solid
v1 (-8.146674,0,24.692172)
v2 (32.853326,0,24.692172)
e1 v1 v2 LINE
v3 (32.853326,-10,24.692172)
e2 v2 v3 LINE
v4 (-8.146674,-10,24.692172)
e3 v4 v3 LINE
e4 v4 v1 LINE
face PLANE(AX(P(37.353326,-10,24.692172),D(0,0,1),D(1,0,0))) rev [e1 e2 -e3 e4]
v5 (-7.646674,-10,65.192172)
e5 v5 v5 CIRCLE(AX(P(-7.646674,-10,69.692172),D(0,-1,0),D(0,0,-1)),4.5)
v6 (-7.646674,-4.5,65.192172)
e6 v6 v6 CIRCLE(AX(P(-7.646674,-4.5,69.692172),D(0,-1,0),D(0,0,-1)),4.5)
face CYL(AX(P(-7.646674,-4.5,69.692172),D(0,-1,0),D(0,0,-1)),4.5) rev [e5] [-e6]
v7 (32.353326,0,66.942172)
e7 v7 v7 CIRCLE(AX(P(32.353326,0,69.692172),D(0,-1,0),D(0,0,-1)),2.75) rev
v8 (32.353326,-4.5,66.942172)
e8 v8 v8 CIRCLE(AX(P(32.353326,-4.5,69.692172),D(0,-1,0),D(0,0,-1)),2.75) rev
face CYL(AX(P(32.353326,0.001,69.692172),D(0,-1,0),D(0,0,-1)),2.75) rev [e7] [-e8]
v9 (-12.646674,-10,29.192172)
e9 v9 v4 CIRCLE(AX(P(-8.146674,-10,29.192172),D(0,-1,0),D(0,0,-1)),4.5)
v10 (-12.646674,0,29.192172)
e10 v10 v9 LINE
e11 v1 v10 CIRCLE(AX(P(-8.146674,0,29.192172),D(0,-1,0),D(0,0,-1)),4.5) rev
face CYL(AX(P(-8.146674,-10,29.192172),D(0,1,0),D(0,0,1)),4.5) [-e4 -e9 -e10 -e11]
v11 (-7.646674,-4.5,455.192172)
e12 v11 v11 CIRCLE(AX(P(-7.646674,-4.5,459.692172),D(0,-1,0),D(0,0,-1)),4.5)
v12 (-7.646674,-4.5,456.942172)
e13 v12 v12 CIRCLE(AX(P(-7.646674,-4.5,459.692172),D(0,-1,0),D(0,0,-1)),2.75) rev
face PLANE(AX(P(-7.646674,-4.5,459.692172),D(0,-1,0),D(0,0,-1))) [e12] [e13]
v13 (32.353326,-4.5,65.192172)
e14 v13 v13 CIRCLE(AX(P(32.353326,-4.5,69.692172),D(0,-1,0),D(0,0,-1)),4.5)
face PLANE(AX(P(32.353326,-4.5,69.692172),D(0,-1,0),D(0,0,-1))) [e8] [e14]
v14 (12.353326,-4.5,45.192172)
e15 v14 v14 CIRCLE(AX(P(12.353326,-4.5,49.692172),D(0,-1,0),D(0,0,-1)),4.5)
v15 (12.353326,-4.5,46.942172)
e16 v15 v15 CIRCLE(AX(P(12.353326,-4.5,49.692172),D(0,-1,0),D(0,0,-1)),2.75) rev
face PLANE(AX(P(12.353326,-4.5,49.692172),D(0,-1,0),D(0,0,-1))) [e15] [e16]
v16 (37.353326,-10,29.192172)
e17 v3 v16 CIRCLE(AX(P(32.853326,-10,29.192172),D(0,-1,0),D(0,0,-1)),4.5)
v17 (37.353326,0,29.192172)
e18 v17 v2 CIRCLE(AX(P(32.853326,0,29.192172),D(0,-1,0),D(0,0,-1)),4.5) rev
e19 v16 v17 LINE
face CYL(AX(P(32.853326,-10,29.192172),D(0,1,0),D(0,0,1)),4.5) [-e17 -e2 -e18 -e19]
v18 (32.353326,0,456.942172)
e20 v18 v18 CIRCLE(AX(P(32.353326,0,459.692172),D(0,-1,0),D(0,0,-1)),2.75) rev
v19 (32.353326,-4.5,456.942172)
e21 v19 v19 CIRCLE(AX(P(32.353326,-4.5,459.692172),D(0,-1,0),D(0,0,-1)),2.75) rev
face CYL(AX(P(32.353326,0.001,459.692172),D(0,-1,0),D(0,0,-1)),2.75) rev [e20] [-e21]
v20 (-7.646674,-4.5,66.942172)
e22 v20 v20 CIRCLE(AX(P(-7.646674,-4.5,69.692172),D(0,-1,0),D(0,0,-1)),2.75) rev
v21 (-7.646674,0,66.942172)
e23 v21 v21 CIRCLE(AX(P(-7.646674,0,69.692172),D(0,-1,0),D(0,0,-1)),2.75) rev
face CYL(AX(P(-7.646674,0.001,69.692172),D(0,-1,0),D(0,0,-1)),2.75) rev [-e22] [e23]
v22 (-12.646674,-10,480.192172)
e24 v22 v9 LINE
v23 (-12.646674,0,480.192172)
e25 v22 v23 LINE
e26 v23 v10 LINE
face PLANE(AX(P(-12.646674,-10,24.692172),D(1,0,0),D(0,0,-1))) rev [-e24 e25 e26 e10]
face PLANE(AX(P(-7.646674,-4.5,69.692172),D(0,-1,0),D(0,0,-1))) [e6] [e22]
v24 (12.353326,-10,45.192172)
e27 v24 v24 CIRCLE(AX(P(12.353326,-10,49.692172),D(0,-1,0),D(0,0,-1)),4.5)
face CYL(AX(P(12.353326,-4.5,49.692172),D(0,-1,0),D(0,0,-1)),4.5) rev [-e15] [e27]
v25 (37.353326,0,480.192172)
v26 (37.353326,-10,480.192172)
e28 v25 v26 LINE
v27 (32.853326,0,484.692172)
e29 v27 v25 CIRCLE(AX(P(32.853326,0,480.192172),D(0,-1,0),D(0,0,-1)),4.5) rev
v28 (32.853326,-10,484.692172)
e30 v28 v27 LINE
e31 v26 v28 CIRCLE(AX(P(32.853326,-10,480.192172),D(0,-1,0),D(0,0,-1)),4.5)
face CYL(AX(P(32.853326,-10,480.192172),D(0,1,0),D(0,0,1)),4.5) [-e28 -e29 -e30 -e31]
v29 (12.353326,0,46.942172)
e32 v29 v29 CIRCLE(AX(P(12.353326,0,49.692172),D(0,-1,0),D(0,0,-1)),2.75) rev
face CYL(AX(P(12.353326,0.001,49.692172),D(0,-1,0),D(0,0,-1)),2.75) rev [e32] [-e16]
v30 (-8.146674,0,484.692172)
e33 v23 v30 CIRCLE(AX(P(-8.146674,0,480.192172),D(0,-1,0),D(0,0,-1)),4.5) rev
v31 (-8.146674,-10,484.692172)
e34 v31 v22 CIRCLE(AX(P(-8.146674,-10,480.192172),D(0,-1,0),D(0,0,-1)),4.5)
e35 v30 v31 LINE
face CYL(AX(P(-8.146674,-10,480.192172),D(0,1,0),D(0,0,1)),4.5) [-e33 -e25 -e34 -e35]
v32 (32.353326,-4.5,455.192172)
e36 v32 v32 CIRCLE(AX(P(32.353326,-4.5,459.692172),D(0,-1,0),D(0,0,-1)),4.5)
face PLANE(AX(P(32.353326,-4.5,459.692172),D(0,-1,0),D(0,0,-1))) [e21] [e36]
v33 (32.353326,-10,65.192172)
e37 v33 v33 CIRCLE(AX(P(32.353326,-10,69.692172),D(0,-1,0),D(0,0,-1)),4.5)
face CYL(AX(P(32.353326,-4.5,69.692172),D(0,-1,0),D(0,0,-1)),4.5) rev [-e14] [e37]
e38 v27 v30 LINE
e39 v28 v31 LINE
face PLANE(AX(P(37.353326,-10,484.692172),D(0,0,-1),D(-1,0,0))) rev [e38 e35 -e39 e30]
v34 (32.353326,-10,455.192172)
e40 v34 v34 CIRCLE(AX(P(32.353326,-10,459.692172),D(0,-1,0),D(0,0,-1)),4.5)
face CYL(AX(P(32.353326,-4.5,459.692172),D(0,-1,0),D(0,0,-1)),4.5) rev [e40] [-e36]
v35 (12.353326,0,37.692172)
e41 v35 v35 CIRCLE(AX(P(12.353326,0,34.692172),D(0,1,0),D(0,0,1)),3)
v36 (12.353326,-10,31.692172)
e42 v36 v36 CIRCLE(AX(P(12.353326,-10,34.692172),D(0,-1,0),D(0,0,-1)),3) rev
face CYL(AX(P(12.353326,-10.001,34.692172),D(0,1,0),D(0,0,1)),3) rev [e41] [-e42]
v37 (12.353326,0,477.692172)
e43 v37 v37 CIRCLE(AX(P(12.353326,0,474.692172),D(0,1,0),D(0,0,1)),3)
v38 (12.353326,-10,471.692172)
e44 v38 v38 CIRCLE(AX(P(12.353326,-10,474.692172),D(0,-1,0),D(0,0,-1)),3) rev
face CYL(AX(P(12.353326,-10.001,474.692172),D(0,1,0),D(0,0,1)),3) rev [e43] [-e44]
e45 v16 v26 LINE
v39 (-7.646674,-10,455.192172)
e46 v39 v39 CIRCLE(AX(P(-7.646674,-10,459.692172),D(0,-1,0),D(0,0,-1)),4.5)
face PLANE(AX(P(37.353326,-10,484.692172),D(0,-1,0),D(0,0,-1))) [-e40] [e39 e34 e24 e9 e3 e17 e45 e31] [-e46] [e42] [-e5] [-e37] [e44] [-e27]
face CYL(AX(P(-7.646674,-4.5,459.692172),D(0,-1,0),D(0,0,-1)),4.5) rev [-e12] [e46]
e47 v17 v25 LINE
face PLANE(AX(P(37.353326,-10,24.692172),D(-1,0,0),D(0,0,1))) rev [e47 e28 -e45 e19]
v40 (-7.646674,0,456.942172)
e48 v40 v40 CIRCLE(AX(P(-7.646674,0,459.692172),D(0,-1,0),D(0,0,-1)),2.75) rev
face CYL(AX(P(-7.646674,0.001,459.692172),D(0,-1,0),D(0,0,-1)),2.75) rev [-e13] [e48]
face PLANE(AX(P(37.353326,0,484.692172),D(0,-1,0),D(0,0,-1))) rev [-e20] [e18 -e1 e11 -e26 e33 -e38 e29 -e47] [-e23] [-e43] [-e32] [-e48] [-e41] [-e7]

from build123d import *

# Parameters (mm, degrees)
SKETCH1_W           = 50
SKETCH1_H           = 460
BOSS_EXTRUDE1_DEPTH = 10
CUT_EXTRUDE1_REACH  = 12
SKETCH2_R           = 2.75
SKETCH3_R           = 4.5
CUT_EXTRUDE2_DEPTH  = 5.5
CUT_EXTRUDE3_REACH  = 12
SKETCH4_R           = 2.75
SKETCH5_R           = 4.5
CUT_EXTRUDE4_DEPTH  = 5.5
FILLET2_R           = 4.5
CUT_EXTRUDE5_REACH  = 12
SKETCH6_R           = 3


with BuildPart() as part:
    # Sketch1 → Boss-Extrude1 (new body)
    with BuildSketch(Plane.XZ):
        with Locations((12.35332591, 254.692172039)):
            Rectangle(SKETCH1_W, SKETCH1_H)
    extrude(amount=BOSS_EXTRUDE1_DEPTH)

    # Sketch2 → Cut-Extrude1 (cut, up to next)
    with BuildSketch(Plane.XZ.offset(10), mode=Mode.PRIVATE) as cut_extrude1_sk1:
        with Locations((32.35332591, 69.692172039)):
            Circle(SKETCH2_R)
    cut_extrude1_tool1 = extrude(cut_extrude1_sk1.sketch, amount=-CUT_EXTRUDE1_REACH, mode=Mode.PRIVATE) & part.part
    add(cut_extrude1_tool1.solids().sort_by_distance((32.353326, -10, 69.692172))[0], mode=Mode.SUBTRACT)
    # Sketch2 → Cut-Extrude1 (cut, up to next)
    with BuildSketch(Plane.XZ.offset(10), mode=Mode.PRIVATE) as cut_extrude1_sk2:
        with Locations((-7.64667409, 69.692172039)):
            Circle(SKETCH2_R)
    cut_extrude1_tool2 = extrude(cut_extrude1_sk2.sketch, amount=-CUT_EXTRUDE1_REACH, mode=Mode.PRIVATE) & part.part
    add(cut_extrude1_tool2.solids().sort_by_distance((-7.646674, -10, 69.692172))[0], mode=Mode.SUBTRACT)
    # Sketch2 → Cut-Extrude1 (cut, up to next)
    with BuildSketch(Plane.XZ.offset(10), mode=Mode.PRIVATE) as cut_extrude1_sk3:
        with Locations((12.35332591, 49.692172039)):
            Circle(SKETCH2_R)
    cut_extrude1_tool3 = extrude(cut_extrude1_sk3.sketch, amount=-CUT_EXTRUDE1_REACH, mode=Mode.PRIVATE) & part.part
    add(cut_extrude1_tool3.solids().sort_by_distance((12.353326, -10, 49.692172))[0], mode=Mode.SUBTRACT)

    # Sketch3 → Cut-Extrude2 (cut)
    with BuildSketch(Plane.XZ.offset(10)):
        with Locations((-7.64667409, 69.692172039)):
            Circle(SKETCH3_R)
        with Locations((32.35332591, 69.692172039)):
            Circle(SKETCH3_R)
        with Locations((12.35332591, 49.692172039)):
            Circle(SKETCH3_R)
    extrude(amount=-CUT_EXTRUDE2_DEPTH, mode=Mode.SUBTRACT)

    # Sketch4 → Cut-Extrude3 (cut, up to next)
    with BuildSketch(Plane.XZ.offset(10), mode=Mode.PRIVATE) as cut_extrude3_sk1:
        with Locations((-7.64667409, 459.692172039)):
            Circle(SKETCH4_R)
    cut_extrude3_tool1 = extrude(cut_extrude3_sk1.sketch, amount=-CUT_EXTRUDE3_REACH, mode=Mode.PRIVATE) & part.part
    add(cut_extrude3_tool1.solids().sort_by_distance((-7.646674, -10, 459.692172))[0], mode=Mode.SUBTRACT)
    # Sketch4 → Cut-Extrude3 (cut, up to next)
    with BuildSketch(Plane.XZ.offset(10), mode=Mode.PRIVATE) as cut_extrude3_sk2:
        with Locations((32.35332591, 459.692172039)):
            Circle(SKETCH4_R)
    cut_extrude3_tool2 = extrude(cut_extrude3_sk2.sketch, amount=-CUT_EXTRUDE3_REACH, mode=Mode.PRIVATE) & part.part
    add(cut_extrude3_tool2.solids().sort_by_distance((32.353326, -10, 459.692172))[0], mode=Mode.SUBTRACT)

    # Sketch5 → Cut-Extrude4 (cut)
    with BuildSketch(Plane.XZ.offset(10)):
        with Locations((-7.64667409, 459.692172039)):
            Circle(SKETCH5_R)
        with Locations((32.35332591, 459.692172039)):
            Circle(SKETCH5_R)
    extrude(amount=-CUT_EXTRUDE4_DEPTH, mode=Mode.SUBTRACT)

    # Fillet2
    fillet2_edges = [part.edges().sort_by_distance(p)[0] for p in [
        (37.35332591, -5, 24.692172039),
        (-12.64667409, -5, 24.692172039),
        (-12.64667409, -5, 484.692172039),
        (37.35332591, -5, 484.692172039),
    ]]
    fillet(fillet2_edges, radius=FILLET2_R)

    # Sketch6 → Cut-Extrude5 (cut, up to next)
    with BuildSketch(Plane(origin=(0, 0, 0), x_dir=(-1, 0, 0), z_dir=(0, 1, 0)), mode=Mode.PRIVATE) as cut_extrude5_sk1:
        with Locations((-12.35332591, 474.692172039)):
            Circle(SKETCH6_R)
    cut_extrude5_tool1 = extrude(cut_extrude5_sk1.sketch, amount=-CUT_EXTRUDE5_REACH, mode=Mode.PRIVATE) & part.part
    add(cut_extrude5_tool1.solids().sort_by_distance((12.353326, 0, 474.692172))[0], mode=Mode.SUBTRACT)
    # Sketch6 → Cut-Extrude5 (cut, up to next)
    with BuildSketch(Plane(origin=(0, 0, 0), x_dir=(-1, 0, 0), z_dir=(0, 1, 0)), mode=Mode.PRIVATE) as cut_extrude5_sk2:
        with Locations((-12.35332591, 34.692172039)):
            Circle(SKETCH6_R)
    cut_extrude5_tool2 = extrude(cut_extrude5_sk2.sketch, amount=-CUT_EXTRUDE5_REACH, mode=Mode.PRIVATE) & part.part
    add(cut_extrude5_tool2.solids().sort_by_distance((12.353326, 0, 34.692172))[0], mode=Mode.SUBTRACT)


solid = part.part
